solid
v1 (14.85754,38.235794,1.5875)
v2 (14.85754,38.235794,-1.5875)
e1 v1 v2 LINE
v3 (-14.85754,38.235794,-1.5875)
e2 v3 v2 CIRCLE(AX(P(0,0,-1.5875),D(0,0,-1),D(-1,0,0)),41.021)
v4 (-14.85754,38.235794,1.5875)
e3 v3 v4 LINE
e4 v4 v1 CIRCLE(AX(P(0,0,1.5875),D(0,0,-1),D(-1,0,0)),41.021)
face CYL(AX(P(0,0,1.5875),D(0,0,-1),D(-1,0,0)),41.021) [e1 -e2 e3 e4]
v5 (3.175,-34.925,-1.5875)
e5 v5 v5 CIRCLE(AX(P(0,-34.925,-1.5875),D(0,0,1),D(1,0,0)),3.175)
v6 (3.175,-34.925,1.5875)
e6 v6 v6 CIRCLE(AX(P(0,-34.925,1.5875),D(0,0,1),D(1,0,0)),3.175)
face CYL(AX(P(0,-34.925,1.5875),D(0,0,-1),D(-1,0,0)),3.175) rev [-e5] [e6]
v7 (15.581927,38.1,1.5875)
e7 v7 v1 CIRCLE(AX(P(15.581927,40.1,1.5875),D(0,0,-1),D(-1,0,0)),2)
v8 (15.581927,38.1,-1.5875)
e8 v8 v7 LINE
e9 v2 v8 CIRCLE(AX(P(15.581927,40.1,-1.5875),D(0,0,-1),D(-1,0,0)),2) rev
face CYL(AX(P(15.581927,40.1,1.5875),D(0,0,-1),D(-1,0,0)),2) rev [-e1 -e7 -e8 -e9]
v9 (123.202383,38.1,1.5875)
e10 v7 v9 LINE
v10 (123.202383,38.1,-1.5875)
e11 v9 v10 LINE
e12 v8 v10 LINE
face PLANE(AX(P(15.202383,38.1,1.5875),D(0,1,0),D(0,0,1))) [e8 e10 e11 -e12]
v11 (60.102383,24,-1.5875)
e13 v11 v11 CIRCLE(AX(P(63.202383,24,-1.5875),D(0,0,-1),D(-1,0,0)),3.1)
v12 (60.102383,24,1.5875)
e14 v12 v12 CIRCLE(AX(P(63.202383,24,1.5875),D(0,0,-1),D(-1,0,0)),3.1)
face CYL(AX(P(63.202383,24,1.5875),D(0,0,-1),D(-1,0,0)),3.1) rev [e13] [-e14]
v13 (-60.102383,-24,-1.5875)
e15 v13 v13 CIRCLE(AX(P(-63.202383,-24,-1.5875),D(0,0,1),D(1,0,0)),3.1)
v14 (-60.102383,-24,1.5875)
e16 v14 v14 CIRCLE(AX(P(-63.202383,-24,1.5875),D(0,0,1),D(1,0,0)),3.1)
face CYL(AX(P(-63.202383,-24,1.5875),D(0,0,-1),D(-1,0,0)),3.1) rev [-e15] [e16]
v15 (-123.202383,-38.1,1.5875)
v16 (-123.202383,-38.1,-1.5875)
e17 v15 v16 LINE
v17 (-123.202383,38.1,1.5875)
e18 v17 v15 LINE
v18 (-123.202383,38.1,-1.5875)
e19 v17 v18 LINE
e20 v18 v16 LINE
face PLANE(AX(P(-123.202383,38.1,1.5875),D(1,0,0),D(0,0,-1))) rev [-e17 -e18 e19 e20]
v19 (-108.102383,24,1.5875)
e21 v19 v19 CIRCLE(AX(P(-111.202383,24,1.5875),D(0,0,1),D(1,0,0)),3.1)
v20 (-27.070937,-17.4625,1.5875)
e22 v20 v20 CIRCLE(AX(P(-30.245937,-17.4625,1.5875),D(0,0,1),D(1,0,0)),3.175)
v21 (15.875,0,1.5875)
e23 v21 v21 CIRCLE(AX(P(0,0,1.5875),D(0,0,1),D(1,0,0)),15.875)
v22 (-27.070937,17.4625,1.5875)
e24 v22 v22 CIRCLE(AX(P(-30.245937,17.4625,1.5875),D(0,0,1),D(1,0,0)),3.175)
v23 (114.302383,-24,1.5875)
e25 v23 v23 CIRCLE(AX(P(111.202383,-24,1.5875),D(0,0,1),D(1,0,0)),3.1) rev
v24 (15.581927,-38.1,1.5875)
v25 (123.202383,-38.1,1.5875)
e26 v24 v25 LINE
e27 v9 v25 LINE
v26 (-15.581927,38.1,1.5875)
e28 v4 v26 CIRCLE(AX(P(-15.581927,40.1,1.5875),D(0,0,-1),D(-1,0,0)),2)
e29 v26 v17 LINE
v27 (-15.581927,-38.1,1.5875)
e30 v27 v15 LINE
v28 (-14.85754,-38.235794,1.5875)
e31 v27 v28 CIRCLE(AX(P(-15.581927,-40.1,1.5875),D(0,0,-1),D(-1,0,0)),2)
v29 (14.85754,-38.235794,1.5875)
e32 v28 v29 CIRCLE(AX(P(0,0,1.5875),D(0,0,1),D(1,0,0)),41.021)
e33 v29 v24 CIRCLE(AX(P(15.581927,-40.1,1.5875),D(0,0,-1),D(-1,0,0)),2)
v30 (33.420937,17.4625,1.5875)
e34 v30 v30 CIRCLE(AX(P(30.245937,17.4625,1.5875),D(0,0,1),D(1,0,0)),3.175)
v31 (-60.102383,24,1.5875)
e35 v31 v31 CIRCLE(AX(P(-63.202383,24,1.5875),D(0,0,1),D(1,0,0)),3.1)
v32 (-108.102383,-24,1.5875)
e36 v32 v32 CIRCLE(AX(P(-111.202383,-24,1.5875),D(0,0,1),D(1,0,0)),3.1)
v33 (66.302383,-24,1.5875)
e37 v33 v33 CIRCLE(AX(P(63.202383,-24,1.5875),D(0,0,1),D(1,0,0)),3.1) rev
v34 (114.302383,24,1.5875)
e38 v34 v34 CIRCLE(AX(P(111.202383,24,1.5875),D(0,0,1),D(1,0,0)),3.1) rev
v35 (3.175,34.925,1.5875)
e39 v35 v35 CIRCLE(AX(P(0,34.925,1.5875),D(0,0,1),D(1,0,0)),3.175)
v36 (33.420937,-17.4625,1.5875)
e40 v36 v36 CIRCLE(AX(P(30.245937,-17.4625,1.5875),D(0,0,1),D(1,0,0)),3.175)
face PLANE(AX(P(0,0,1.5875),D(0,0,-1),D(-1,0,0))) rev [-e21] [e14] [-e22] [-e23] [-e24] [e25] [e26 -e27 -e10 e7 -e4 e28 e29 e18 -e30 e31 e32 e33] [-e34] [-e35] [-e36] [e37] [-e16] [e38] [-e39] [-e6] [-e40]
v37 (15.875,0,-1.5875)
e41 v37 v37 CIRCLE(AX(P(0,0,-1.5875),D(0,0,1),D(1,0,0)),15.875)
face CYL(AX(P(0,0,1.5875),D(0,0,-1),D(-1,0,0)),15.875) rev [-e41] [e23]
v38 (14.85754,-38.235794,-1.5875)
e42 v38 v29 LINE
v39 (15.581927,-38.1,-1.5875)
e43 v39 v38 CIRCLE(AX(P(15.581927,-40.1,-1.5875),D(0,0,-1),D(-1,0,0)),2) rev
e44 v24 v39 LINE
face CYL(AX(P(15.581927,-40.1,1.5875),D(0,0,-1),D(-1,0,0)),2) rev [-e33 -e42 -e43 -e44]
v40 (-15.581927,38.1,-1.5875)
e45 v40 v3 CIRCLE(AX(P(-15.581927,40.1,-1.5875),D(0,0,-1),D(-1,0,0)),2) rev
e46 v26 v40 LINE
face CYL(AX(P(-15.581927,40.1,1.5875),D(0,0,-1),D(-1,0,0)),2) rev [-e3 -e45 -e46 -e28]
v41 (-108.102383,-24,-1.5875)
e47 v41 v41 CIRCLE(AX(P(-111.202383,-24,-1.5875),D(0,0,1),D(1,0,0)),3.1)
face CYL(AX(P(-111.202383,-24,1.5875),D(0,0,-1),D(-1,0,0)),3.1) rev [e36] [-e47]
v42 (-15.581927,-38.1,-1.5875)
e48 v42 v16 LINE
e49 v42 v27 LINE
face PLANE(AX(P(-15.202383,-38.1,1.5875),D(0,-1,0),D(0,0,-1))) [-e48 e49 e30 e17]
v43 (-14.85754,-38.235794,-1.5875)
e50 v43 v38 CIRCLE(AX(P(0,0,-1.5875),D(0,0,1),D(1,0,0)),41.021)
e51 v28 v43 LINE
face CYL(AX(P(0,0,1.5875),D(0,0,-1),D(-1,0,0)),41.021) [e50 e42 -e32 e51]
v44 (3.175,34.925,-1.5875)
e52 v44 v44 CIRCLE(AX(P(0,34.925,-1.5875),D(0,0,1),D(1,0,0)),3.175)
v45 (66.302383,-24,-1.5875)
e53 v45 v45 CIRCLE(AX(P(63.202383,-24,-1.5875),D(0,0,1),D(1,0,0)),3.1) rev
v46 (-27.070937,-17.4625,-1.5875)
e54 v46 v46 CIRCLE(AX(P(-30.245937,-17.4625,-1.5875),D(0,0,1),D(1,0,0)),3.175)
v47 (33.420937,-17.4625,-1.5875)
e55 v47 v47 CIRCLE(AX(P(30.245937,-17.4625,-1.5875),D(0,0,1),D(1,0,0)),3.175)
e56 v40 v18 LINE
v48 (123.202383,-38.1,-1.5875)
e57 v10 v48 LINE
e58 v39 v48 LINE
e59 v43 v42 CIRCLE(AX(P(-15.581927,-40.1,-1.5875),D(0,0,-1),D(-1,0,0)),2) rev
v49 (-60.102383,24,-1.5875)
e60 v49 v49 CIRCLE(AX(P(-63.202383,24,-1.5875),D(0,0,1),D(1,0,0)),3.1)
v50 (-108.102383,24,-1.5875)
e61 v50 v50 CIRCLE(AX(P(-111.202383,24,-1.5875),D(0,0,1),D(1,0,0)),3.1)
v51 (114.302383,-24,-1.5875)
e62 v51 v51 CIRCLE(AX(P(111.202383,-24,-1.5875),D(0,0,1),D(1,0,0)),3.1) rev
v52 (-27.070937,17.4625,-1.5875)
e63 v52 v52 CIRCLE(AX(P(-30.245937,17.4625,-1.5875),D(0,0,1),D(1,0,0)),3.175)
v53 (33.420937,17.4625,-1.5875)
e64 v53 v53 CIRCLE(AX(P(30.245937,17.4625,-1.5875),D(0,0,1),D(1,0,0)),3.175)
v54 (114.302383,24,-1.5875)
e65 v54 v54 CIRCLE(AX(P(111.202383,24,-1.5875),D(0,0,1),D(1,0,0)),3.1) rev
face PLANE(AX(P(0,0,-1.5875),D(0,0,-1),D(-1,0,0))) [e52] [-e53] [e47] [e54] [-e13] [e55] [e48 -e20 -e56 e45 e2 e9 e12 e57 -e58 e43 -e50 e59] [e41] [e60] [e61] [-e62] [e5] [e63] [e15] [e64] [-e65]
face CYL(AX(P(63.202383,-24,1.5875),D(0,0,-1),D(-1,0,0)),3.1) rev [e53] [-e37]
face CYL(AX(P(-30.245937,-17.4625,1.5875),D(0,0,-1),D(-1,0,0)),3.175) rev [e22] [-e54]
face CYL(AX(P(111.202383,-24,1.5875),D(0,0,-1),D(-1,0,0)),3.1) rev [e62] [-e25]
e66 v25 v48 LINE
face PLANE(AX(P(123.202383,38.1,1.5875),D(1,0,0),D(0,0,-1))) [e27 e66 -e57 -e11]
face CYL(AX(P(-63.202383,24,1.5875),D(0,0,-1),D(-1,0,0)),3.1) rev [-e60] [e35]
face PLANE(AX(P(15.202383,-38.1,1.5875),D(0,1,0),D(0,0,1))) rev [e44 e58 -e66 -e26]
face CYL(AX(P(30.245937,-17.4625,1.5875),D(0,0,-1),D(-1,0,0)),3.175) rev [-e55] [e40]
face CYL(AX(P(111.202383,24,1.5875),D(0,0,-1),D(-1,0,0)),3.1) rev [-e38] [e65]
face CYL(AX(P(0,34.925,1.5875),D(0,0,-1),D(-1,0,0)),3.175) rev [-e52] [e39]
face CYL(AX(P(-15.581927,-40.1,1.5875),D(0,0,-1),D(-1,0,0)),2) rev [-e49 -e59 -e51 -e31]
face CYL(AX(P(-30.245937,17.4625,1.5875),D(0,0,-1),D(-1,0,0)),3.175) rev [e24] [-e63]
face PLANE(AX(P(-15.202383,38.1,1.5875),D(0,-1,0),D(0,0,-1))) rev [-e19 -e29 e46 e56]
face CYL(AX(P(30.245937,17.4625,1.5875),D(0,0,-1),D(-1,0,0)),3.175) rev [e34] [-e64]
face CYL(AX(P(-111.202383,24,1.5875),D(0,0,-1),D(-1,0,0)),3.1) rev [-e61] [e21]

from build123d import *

# Parameters (mm, degrees)
SKETCH1_R           = 3.1
SKETCH1_R_2         = 3.175
SKETCH1_R_3         = 15.875
BOSS_EXTRUDE1_DEPTH = 1.5875
FILLET1_R           = 2


with BuildPart() as part:
    # Sketch1 → Boss-Extrude1 (new, symmetric)
    with BuildSketch(Plane.XY):
        with BuildLine():
            Line((-15.202382741, 38.1), (-123.202382741, 38.1))
            Line((-123.202382741, 38.1), (-123.202382741, -38.1))
            Line((-123.202382741, -38.1), (-15.202382741, -38.1))
            ThreePointArc((-15.202382741, -38.1), (0, -41.021), (15.202382741, -38.1))
            Line((15.202382741, -38.1), (123.202382741, -38.1))
            Line((123.202382741, -38.1), (123.202382741, 38.1))
            Line((123.202382741, 38.1), (15.202382741, 38.1))
            ThreePointArc((15.202382741, 38.1), (0, 41.021), (-15.202382741, 38.1))
        make_face()
        with Locations((-111.202382741, 24)):
            Circle(SKETCH1_R, mode=Mode.SUBTRACT)
        with Locations((-63.202382741, 24)):
            Circle(SKETCH1_R, mode=Mode.SUBTRACT)
        with Locations((-63.202382741, -24)):
            Circle(SKETCH1_R, mode=Mode.SUBTRACT)
        with Locations((-111.202382741, -24)):
            Circle(SKETCH1_R, mode=Mode.SUBTRACT)
        with Locations((111.202382741, -24)):
            Circle(SKETCH1_R, mode=Mode.SUBTRACT)
        with Locations((63.202382741, -24)):
            Circle(SKETCH1_R, mode=Mode.SUBTRACT)
        with Locations(Location((63.202382741, 24, 0), (0, 0, 180))):
            Circle(SKETCH1_R, mode=Mode.SUBTRACT)
        with Locations((111.202382741, 24)):
            Circle(SKETCH1_R, mode=Mode.SUBTRACT)
        with Locations((0, 34.925)):
            Circle(SKETCH1_R_2, mode=Mode.SUBTRACT)
        with Locations((30.245937227, 17.4625)):
            Circle(SKETCH1_R_2, mode=Mode.SUBTRACT)
        with Locations((30.245937227, -17.4625)):
            Circle(SKETCH1_R_2, mode=Mode.SUBTRACT)
        with Locations((0, -34.925)):
            Circle(SKETCH1_R_2, mode=Mode.SUBTRACT)
        with Locations((-30.245937227, -17.4625)):
            Circle(SKETCH1_R_2, mode=Mode.SUBTRACT)
        with Locations((-30.245937227, 17.4625)):
            Circle(SKETCH1_R_2, mode=Mode.SUBTRACT)
        Circle(SKETCH1_R_3, mode=Mode.SUBTRACT)
    extrude(amount=BOSS_EXTRUDE1_DEPTH, both=True)

    # Fillet1
    fillet1_edges = [part.edges().sort_by_distance(p)[0] for p in [
        (-15.202382741, 38.1, 0),
        (-15.202382741, -38.1, 0),
        (15.202382741, -38.1, 0),
        (15.202382741, 38.1, 0),
    ]]
    fillet(fillet1_edges, radius=FILLET1_R)


solid = part.part
